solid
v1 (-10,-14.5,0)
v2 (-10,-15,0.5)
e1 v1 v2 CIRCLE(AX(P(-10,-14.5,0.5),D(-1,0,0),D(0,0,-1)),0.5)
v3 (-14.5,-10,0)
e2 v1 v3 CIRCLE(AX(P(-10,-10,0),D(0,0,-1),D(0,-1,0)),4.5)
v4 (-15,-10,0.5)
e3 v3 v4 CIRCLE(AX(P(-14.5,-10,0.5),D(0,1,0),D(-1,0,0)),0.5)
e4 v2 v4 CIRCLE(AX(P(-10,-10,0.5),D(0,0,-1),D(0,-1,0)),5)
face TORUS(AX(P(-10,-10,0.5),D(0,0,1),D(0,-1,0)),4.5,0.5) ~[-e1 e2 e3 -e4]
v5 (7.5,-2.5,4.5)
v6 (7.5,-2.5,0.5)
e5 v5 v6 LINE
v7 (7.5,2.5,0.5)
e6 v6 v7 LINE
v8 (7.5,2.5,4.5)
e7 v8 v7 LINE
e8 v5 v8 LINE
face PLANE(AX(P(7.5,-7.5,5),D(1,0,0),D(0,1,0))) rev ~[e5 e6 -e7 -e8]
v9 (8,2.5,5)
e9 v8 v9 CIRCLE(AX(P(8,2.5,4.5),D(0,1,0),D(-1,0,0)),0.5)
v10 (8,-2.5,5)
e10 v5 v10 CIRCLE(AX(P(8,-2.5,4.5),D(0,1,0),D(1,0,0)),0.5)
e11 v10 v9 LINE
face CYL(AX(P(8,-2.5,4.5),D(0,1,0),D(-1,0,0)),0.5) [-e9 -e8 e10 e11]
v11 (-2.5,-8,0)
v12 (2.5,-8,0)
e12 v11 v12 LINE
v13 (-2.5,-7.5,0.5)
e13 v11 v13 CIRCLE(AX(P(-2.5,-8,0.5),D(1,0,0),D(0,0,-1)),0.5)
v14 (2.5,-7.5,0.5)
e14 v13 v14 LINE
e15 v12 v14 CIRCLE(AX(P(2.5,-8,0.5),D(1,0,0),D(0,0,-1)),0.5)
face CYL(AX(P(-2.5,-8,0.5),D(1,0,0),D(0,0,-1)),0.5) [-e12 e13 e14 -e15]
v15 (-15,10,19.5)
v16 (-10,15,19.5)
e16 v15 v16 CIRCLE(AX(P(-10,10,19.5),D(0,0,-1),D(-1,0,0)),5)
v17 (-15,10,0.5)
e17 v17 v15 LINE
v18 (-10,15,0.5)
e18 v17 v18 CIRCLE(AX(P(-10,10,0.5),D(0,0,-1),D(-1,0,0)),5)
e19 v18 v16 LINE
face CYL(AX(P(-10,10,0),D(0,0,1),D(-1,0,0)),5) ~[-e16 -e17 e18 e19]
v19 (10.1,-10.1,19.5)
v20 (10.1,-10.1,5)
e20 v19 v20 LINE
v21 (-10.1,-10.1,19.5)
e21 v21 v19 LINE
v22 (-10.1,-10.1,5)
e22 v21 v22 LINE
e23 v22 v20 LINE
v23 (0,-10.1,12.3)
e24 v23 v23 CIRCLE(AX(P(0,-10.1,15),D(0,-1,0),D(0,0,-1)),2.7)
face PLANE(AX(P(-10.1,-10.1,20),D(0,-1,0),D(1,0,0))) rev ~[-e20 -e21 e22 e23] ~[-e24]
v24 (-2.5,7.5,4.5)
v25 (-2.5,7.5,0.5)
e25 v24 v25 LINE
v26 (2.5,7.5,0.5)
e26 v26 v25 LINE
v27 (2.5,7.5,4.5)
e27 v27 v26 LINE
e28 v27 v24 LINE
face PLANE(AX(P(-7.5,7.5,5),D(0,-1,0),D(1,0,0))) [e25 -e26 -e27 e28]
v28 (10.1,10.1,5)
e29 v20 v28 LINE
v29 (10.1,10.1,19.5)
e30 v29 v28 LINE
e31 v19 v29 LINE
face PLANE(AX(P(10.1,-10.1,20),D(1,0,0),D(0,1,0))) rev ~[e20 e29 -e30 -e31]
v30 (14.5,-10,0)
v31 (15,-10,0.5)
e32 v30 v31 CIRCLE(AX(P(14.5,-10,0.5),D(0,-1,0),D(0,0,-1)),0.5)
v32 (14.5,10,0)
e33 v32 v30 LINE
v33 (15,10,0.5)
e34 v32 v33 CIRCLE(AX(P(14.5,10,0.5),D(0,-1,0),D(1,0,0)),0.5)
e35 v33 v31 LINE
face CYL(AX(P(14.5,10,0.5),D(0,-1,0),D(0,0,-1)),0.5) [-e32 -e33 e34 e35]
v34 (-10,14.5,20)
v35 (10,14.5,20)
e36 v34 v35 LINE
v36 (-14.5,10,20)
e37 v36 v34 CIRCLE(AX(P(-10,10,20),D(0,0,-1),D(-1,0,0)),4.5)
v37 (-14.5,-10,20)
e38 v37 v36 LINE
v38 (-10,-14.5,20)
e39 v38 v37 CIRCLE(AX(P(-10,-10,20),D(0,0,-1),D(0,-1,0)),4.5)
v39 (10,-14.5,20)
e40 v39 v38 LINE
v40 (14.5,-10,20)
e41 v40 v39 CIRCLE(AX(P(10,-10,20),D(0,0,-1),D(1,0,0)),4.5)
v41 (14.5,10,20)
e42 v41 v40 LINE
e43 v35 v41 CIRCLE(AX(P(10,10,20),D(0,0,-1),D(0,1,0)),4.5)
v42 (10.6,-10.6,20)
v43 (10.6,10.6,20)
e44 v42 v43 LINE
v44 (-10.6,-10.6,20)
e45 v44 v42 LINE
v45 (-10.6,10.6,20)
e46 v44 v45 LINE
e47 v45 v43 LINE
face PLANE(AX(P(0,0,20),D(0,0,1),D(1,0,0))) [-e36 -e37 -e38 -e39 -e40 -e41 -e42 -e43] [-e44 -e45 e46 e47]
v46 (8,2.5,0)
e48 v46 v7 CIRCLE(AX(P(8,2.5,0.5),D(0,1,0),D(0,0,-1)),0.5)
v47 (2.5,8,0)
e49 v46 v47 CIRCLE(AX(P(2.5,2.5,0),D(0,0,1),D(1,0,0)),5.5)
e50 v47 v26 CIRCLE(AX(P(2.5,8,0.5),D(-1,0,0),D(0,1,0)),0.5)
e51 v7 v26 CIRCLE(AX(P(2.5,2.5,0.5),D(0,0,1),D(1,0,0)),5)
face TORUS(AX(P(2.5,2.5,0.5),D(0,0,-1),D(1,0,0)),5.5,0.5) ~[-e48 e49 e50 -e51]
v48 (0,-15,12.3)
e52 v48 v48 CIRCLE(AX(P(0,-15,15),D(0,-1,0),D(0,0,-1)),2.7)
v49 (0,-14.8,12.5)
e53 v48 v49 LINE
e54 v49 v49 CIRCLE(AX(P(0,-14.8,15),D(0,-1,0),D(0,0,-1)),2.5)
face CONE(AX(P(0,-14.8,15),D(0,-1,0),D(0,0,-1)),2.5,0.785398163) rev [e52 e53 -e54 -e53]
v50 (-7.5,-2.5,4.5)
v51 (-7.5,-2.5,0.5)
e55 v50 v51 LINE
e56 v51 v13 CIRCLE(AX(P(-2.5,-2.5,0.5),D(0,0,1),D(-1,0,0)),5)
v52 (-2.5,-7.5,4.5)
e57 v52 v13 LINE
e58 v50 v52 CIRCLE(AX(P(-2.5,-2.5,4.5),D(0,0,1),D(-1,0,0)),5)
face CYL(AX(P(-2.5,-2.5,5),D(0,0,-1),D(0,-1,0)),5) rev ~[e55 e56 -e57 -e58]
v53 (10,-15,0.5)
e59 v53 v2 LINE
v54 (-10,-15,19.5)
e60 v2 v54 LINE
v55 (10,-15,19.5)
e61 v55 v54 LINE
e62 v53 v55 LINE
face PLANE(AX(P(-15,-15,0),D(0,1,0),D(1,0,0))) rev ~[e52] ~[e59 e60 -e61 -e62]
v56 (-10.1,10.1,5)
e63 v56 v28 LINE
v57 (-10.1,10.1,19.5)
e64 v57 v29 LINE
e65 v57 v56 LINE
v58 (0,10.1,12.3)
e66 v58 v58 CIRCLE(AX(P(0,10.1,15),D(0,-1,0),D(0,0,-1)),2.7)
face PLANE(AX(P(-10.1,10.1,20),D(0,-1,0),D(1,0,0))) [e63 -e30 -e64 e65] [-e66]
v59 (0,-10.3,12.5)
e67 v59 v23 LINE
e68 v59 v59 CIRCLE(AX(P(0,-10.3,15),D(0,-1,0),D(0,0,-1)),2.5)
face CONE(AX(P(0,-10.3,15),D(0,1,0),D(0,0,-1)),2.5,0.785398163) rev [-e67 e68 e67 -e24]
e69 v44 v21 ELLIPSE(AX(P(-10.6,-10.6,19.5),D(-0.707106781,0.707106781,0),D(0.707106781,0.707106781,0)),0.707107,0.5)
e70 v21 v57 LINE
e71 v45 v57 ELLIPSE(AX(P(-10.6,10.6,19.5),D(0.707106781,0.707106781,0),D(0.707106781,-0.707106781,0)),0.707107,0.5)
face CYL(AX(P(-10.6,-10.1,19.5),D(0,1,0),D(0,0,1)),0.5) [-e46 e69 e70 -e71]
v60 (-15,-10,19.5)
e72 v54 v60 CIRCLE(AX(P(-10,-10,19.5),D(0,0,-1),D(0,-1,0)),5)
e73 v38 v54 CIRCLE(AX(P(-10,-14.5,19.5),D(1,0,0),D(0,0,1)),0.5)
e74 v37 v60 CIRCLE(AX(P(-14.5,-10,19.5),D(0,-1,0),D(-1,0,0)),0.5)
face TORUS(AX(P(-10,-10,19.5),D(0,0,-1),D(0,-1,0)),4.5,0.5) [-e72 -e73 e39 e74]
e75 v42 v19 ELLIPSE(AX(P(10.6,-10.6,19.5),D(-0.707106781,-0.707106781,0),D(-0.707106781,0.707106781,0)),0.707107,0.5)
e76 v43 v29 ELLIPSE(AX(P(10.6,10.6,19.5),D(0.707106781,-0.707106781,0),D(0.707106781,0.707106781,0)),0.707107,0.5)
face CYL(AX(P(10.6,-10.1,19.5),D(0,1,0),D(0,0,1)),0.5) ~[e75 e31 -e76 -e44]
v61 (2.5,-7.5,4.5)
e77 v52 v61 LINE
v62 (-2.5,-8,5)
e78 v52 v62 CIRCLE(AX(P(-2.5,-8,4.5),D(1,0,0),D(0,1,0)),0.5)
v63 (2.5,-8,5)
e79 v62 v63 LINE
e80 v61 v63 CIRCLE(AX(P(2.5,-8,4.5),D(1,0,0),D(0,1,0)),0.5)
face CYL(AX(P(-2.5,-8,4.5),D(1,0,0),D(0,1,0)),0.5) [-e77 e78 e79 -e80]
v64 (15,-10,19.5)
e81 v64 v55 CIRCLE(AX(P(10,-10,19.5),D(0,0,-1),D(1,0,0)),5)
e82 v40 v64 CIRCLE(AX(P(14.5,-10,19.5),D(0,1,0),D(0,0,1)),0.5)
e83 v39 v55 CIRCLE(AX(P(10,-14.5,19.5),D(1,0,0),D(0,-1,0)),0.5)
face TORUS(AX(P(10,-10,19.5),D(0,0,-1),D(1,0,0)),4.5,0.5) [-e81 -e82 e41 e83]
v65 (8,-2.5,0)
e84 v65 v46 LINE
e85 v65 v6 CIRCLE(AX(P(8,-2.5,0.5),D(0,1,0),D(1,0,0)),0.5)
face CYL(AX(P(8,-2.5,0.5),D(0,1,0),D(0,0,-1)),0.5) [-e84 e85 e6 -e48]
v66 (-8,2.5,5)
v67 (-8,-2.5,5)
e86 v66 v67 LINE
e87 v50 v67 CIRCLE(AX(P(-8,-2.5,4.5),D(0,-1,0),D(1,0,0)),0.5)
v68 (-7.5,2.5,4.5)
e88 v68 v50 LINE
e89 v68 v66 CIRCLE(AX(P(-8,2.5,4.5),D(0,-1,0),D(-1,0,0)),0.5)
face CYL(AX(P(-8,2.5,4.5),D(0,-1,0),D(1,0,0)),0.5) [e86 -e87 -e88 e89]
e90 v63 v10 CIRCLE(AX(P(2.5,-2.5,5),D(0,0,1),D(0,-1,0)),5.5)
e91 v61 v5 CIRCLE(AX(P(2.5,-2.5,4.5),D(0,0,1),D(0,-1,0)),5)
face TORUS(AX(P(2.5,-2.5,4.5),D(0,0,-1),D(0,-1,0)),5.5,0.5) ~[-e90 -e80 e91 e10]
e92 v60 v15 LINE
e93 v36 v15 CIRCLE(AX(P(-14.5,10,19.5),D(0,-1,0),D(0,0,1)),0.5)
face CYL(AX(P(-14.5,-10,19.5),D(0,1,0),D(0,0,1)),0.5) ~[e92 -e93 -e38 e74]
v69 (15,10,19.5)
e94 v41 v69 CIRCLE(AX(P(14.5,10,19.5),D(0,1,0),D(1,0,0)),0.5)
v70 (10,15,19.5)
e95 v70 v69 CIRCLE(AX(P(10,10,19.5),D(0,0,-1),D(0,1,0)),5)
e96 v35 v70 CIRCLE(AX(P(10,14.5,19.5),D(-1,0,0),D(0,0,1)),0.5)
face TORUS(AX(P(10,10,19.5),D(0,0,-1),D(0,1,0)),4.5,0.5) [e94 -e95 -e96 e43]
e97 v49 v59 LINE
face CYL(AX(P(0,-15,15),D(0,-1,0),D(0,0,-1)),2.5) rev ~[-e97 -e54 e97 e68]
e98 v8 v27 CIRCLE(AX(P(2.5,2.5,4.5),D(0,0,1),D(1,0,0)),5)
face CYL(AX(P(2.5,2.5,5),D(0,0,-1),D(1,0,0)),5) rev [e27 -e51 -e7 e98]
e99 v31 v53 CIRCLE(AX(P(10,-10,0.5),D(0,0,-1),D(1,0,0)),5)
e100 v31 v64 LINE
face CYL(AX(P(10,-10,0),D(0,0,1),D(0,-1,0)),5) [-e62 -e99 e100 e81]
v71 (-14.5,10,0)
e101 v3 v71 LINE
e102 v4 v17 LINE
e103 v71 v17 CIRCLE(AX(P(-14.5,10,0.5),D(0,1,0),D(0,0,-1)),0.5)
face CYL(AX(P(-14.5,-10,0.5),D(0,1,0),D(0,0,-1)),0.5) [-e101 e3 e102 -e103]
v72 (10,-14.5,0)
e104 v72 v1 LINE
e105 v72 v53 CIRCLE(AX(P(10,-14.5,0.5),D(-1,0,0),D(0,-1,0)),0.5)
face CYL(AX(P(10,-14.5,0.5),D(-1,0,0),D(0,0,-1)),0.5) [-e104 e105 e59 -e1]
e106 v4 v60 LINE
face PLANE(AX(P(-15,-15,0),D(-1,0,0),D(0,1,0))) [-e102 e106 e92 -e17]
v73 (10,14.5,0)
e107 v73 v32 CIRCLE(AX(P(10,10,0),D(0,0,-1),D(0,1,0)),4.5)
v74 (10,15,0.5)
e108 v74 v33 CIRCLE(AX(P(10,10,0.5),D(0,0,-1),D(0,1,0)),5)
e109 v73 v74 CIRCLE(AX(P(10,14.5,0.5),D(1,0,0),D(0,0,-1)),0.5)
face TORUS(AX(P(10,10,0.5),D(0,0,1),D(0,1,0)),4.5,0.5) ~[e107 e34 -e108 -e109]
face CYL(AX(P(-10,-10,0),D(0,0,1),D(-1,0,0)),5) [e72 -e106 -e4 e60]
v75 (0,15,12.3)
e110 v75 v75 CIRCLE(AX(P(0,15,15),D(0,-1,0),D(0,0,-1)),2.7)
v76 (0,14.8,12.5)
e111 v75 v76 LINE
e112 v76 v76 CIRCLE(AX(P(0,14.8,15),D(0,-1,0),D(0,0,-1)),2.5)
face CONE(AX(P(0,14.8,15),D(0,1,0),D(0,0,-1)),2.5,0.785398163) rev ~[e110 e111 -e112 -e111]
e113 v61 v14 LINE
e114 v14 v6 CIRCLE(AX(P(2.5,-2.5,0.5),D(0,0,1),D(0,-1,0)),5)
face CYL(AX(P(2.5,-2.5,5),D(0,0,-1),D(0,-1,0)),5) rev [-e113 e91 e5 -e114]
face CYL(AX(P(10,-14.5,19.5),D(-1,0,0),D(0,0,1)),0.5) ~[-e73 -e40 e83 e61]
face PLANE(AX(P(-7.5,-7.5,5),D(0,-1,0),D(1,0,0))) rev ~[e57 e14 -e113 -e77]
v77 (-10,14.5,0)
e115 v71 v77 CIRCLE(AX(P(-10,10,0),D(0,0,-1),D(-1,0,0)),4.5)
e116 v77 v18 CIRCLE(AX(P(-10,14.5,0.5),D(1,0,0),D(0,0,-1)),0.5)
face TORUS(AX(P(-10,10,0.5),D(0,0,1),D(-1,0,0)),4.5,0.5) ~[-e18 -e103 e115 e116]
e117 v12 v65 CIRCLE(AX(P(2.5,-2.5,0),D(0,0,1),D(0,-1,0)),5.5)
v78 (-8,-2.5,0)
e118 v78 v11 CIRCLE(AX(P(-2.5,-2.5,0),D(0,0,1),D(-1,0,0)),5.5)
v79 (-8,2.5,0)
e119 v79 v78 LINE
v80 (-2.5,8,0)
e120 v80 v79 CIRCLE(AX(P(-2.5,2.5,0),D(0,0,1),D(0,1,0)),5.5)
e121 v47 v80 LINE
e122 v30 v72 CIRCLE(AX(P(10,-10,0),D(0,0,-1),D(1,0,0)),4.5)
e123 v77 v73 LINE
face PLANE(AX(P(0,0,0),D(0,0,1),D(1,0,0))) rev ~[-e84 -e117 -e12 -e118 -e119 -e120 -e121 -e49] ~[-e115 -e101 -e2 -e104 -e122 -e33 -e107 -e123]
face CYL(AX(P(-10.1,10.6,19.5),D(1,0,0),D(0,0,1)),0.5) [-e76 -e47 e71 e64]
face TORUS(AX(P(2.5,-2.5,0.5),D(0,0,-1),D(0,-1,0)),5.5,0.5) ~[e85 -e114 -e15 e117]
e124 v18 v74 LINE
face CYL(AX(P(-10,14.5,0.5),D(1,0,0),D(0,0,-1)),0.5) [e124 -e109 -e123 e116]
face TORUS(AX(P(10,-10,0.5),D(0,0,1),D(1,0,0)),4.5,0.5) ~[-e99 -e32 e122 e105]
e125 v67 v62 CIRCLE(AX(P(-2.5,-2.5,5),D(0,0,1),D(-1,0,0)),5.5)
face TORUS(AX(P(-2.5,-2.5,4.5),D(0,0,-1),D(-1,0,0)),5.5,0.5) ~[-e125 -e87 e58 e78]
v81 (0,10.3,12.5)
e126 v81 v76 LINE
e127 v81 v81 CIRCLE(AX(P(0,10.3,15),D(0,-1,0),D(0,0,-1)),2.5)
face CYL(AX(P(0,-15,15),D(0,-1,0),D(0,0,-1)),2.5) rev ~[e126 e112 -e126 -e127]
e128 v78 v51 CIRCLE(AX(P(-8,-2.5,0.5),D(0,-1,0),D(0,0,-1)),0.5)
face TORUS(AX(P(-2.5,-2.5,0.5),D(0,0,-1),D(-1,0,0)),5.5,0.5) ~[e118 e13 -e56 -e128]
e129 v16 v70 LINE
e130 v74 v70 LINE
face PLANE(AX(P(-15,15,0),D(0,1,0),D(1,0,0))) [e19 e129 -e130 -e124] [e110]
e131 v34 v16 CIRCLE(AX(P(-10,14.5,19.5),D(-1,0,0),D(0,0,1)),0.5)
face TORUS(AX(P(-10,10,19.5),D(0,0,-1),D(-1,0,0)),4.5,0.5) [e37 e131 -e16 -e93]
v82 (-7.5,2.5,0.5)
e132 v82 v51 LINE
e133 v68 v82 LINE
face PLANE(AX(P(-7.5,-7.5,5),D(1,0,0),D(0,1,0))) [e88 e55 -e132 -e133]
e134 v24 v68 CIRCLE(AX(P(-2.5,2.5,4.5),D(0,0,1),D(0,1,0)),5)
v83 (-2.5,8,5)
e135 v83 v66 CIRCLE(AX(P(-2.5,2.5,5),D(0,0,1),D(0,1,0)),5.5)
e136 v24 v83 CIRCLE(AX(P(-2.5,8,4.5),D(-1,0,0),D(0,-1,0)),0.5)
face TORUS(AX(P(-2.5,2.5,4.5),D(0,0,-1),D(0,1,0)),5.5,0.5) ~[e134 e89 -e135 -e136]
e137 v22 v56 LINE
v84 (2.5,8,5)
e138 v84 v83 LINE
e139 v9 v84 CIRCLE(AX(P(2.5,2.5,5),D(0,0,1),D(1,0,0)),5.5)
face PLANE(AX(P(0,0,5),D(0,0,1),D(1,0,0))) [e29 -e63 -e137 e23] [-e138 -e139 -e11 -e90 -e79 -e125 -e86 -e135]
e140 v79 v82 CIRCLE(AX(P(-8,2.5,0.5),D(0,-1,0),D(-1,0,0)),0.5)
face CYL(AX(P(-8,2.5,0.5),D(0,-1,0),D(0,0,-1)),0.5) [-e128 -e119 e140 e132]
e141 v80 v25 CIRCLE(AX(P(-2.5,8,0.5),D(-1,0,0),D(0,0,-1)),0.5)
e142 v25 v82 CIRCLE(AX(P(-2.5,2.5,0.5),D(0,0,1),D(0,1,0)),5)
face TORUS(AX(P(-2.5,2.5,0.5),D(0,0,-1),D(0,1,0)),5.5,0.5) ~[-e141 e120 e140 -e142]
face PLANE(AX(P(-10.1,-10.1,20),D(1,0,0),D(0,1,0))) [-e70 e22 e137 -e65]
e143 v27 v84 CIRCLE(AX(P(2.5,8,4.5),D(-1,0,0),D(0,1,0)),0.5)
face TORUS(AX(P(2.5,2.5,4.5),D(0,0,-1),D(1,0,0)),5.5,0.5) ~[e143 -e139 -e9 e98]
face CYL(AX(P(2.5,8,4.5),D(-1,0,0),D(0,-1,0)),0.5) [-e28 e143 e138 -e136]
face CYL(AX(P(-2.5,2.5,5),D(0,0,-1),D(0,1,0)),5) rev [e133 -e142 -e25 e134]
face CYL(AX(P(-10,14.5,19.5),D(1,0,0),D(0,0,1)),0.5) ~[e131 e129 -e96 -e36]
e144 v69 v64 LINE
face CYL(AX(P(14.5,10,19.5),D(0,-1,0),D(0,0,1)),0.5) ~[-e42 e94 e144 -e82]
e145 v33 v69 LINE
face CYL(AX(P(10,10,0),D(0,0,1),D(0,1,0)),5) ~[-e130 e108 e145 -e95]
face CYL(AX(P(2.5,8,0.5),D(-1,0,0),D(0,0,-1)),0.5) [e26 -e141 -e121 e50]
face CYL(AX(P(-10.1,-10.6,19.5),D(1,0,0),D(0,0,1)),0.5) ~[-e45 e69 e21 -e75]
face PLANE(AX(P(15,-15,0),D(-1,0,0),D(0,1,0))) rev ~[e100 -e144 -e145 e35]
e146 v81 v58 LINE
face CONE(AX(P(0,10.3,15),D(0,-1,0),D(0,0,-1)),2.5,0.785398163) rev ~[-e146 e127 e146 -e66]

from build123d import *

# Parameters (mm, degrees)
SKETCH1_W           = 30
SKETCH1_H           = 30
BOSS_EXTRUDE1_DEPTH = 20
SKETCH2_W           = 20.2
SKETCH2_H           = 20.2
CUT_EXTRUDE1_DEPTH  = 15
SKETCH3_R           = 2.5
CUT_EXTRUDE2_DEPTH  = 40.05124838
SKETCH4_W           = 15
SKETCH4_H           = 15
CUT_EXTRUDE3_DEPTH  = 26.980762114
FILLET2_R           = 5
FILLET1_R           = 0.5
CHAMFER1_SIZE       = 0.2


with BuildPart() as part:
    # Sketch1 → Boss-Extrude1 (new body)
    with BuildSketch(Plane.XY):
        Rectangle(SKETCH1_W, SKETCH1_H)
    extrude(amount=BOSS_EXTRUDE1_DEPTH)

    # Sketch2 → Cut-Extrude1 (cut)
    with BuildSketch(Plane.XY.offset(20)):
        Rectangle(SKETCH2_W, SKETCH2_H)
    extrude(amount=-CUT_EXTRUDE1_DEPTH, mode=Mode.SUBTRACT)

    # Sketch3 → Cut-Extrude2 (cut, through all)
    with BuildSketch(Plane.XZ.offset(15)):
        with Locations(Location((0, 15, 0), (0, 0, 270))):
            Circle(SKETCH3_R)
    extrude(amount=-CUT_EXTRUDE2_DEPTH, mode=Mode.SUBTRACT)

    # Sketch4 → Cut-Extrude3 (cut, through all)
    with BuildSketch(Plane.XY.offset(5)):
        Rectangle(SKETCH4_W, SKETCH4_H)
    extrude(amount=-CUT_EXTRUDE3_DEPTH, mode=Mode.SUBTRACT)

    # Fillet2
    fillet2_edges = [part.edges().sort_by_distance(p)[0] for p in [
        (7.5, 7.5, 2.5),
        (7.5, -7.5, 2.5),
        (-7.5, -7.5, 2.5),
        (-7.5, 7.5, 2.5),
        (15, -15, 10),
        (-15, -15, 10),
        (-15, 15, 10),
        (15, 15, 10),
    ]]
    fillet(fillet2_edges, radius=FILLET2_R)

    # Fillet1
    fillet1_edges = [part.edges().sort_by_distance(p)[0] for p in [
        (10.1, 0, 20),
        (0, 10.1, 20),
        (-10.1, 0, 20),
        (0, -10.1, 20),
        (0, -7.5, 5),
        (0, -7.5, 0),
        (-7.5, 0, 5),
        (-7.5, 0, 0),
        (7.5, 0, 5),
        (7.5, 0, 0),
        (0, 7.5, 5),
        (0, 7.5, 0),
        (0, 15, 0),
        (0, 15, 20),
        (15, 0, 0),
        (0, -15, 0),
        (-15, 0, 0),
        (13.535533906, -13.535533906, 0),
        (-13.535533906, -13.535533906, 0),
        (-13.535533906, 13.535533906, 0),
        (13.535533906, 13.535533906, 0),
        (15, 0, 20),
        (-15, 0, 20),
        (0, -15, 20),
        (13.535533906, -13.535533906, 20),
        (-13.535533906, -13.535533906, 20),
        (-13.535533906, 13.535533906, 20),
        (13.535533906, 13.535533906, 20),
        (-6.035533906, -6.035533906, 5),
        (-6.035533906, -6.035533906, 0),
        (6.035533906, -6.035533906, 5),
        (6.035533906, -6.035533906, 0),
        (6.035533906, 6.035533906, 5),
        (6.035533906, 6.035533906, 0),
        (-6.035533906, 6.035533906, 5),
        (-6.035533906, 6.035533906, 0),
    ]]
    fillet(fillet1_edges, radius=FILLET1_R)

    # Chamfer1
    chamfer1_edges = [part.edges().sort_by_distance(p)[0] for p in [
        (0, 15, 17.5),
        (0, 10.1, 17.5),
        (0, -10.1, 17.5),
        (0, -15, 17.5),
    ]]
    chamfer(chamfer1_edges, length=CHAMFER1_SIZE)


solid = part.part
